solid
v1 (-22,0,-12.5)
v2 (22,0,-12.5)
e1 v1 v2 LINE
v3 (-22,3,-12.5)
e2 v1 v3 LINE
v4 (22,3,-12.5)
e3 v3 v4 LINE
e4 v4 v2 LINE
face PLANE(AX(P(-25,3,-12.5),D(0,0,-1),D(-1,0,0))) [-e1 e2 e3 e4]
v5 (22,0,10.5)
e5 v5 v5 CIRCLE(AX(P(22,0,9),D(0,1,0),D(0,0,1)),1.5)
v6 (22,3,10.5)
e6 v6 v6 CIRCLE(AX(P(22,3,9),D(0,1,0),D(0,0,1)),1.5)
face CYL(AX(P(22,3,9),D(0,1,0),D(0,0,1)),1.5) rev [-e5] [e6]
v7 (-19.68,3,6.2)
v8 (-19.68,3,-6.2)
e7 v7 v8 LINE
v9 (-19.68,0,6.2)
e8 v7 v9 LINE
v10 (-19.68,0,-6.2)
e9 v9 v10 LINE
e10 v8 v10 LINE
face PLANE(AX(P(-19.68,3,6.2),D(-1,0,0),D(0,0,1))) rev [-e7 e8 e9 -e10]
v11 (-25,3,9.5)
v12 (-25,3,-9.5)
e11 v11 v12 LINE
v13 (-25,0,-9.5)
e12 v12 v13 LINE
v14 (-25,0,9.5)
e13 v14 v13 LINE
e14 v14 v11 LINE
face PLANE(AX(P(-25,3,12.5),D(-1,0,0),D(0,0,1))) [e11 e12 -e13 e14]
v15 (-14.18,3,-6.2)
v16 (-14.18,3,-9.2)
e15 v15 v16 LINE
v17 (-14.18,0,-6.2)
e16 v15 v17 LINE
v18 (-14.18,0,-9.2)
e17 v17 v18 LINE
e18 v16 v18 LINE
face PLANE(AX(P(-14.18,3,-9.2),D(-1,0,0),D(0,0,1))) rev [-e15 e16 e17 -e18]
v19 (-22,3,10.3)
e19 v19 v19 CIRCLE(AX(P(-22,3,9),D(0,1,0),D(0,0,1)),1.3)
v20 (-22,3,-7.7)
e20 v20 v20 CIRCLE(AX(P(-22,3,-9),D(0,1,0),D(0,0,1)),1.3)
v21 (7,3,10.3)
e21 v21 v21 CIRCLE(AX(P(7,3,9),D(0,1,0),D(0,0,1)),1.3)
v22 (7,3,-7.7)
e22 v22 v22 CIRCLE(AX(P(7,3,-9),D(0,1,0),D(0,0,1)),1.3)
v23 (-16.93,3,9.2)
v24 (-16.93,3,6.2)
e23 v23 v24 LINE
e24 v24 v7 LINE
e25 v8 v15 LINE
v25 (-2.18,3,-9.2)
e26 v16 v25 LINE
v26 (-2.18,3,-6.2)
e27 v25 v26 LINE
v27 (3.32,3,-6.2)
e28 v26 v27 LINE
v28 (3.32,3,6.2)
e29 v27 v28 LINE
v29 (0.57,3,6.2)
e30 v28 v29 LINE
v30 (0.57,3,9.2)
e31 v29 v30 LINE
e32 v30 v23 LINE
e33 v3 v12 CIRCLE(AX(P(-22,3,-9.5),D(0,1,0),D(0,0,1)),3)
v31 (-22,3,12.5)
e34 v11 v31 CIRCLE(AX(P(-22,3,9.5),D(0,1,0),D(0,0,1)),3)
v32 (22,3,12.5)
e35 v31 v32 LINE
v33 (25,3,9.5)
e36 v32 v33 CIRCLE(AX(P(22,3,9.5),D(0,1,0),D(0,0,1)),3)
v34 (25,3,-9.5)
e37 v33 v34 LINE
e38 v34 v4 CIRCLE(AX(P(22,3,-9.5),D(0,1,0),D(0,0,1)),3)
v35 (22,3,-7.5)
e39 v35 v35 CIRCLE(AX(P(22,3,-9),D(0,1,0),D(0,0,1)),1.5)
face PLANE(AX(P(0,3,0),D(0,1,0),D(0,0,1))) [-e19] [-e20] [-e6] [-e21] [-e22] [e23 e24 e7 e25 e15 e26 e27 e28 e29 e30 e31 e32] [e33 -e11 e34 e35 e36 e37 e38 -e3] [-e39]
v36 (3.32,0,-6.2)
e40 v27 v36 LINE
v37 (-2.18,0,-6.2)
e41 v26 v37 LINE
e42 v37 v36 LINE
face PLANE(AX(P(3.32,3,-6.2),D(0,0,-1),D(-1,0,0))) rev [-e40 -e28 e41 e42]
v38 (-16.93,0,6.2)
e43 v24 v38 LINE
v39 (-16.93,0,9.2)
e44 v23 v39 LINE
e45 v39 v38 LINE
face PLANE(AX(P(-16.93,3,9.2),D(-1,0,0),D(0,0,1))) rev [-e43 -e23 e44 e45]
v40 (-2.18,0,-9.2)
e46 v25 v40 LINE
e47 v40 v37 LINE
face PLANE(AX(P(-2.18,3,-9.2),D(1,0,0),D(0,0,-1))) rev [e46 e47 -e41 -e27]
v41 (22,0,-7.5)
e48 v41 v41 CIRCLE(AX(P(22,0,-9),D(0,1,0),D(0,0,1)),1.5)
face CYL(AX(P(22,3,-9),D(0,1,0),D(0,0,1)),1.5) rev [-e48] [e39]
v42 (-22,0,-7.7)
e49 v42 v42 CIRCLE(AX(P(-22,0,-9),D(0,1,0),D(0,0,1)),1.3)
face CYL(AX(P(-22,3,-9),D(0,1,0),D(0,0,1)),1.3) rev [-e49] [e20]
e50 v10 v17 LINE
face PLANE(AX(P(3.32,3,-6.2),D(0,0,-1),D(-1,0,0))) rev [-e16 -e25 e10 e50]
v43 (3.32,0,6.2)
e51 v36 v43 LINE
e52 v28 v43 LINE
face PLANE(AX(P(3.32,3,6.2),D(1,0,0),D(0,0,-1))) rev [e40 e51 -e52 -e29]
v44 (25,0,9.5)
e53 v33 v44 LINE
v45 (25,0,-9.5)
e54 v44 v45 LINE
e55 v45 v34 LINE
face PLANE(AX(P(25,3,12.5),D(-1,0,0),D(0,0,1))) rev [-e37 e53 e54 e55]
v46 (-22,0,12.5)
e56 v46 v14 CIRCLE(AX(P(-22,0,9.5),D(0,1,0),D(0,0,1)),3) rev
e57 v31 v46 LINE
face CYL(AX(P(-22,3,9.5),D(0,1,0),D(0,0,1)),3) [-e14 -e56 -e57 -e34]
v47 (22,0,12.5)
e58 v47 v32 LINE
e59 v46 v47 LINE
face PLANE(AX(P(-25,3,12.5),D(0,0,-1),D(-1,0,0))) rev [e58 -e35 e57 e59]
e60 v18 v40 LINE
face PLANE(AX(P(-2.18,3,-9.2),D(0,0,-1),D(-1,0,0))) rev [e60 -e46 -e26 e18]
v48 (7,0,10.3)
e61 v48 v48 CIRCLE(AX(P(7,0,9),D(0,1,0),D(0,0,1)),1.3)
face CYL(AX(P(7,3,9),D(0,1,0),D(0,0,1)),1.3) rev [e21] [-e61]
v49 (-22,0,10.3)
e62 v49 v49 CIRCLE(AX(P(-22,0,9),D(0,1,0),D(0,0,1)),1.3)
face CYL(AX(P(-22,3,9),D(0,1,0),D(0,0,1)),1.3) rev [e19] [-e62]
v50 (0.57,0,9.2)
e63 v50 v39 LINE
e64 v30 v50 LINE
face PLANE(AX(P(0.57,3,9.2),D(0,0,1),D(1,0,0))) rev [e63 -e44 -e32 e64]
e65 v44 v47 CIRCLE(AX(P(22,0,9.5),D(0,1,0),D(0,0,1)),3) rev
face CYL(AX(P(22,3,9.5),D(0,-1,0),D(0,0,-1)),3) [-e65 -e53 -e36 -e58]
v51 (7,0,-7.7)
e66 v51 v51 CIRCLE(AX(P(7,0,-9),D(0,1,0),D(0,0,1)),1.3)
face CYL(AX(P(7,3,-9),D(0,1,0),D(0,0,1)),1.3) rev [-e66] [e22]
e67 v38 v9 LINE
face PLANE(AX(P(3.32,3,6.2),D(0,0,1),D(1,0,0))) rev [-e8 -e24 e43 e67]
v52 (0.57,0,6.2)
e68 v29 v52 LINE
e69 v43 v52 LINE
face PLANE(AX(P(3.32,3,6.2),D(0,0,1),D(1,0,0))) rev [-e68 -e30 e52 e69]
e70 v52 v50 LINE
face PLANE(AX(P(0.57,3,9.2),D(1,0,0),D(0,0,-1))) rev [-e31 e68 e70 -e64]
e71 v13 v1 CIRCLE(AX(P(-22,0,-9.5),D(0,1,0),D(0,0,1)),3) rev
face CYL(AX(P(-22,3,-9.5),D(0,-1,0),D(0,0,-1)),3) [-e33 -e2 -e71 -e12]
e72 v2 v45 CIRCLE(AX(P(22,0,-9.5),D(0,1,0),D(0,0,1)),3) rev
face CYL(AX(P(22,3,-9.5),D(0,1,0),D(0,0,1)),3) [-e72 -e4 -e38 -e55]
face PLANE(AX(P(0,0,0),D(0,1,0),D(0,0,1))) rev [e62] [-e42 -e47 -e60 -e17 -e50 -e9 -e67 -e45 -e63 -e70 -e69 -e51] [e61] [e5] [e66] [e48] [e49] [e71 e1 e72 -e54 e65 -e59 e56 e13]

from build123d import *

# Parameters (mm, degrees)
PERFIL_PRINCIPAL_W           = 50
PERFIL_PRINCIPAL_H           = 25
BASE_DEPTH                   = 3
PERFIL_CORTE_W               = 23
PERFIL_CORTE_H               = 12.4
CORTE_PRINCIPAL_DEPTH        = 82.921801368
ESBO_O7_W                    = 12
ESBO_O7_H                    = 3
ESBO_O7_W_2                  = 17.5
CORTE_EXTRUS_O3_DEPTH        = 91.332942436
FURO_DE_DI_METRO_3_0_3_1_D   = 3
FURO_DE_DI_METRO_2_6_2_6_1_D = 2.6
FILETE1_R                    = 3


with BuildPart() as part:
    # Perfil Principal → Base (new body)
    with BuildSketch(Plane(origin=(0, 0, 0), x_dir=(1, 0, 0), z_dir=(0, 1, 0))):
        Rectangle(PERFIL_PRINCIPAL_W, PERFIL_PRINCIPAL_H)
    extrude(amount=BASE_DEPTH)

    # Perfil Corte → Corte Principal (cut, through all)
    with BuildSketch(Plane(origin=(49.188016516, 0, 22.11675526), x_dir=(-1, 0, 0), z_dir=(0, -1, 0))):
        with Locations((57.368016516, 22.11675526)):
            Rectangle(PERFIL_CORTE_W, PERFIL_CORTE_H)
    extrude(amount=-CORTE_PRINCIPAL_DEPTH, mode=Mode.SUBTRACT)

    # Esboço7 → Corte-extrusão3 (cut, through all)
    with BuildSketch(Plane(origin=(56.452995871, 0, 26.44162237), x_dir=(-1, 0, 0), z_dir=(0, -1, 0))):
        with Locations((64.632995871, 34.14162237)):
            Rectangle(ESBO_O7_W, ESBO_O7_H)
        with Locations((64.632995871, 18.74162237)):
            Rectangle(ESBO_O7_W_2, ESBO_O7_H)
    extrude(amount=-CORTE_EXTRUS_O3_DEPTH, mode=Mode.SUBTRACT)

    # Furo de diâmetro Ø3.0 (3)1 (through all)
    with Locations(Plane(origin=(0, 3, 0), x_dir=(1, 0, 0), z_dir=(0, 1, 0))):
        with Locations((22, 9), (22, -9)):
            Hole(FURO_DE_DI_METRO_3_0_3_1_D / 2)

    # Furo de diâmetro Ø2.6 (2.6)1 (through all)
    with Locations(Plane(origin=(0, 3, 0), x_dir=(1, 0, 0), z_dir=(0, 1, 0))):
        with Locations((-22, 9), (-22, -9), (7, 9), (7, -9)):
            Hole(FURO_DE_DI_METRO_2_6_2_6_1_D / 2)

    # Filete1
    filete1_edges = [part.edges().sort_by_distance(p)[0] for p in [
        (-25, 1.5, 12.5),
        (-25, 1.5, -12.5),
        (25, 1.5, -12.5),
        (25, 1.5, 12.5),
    ]]
    fillet(filete1_edges, radius=FILETE1_R)


solid = part.part
